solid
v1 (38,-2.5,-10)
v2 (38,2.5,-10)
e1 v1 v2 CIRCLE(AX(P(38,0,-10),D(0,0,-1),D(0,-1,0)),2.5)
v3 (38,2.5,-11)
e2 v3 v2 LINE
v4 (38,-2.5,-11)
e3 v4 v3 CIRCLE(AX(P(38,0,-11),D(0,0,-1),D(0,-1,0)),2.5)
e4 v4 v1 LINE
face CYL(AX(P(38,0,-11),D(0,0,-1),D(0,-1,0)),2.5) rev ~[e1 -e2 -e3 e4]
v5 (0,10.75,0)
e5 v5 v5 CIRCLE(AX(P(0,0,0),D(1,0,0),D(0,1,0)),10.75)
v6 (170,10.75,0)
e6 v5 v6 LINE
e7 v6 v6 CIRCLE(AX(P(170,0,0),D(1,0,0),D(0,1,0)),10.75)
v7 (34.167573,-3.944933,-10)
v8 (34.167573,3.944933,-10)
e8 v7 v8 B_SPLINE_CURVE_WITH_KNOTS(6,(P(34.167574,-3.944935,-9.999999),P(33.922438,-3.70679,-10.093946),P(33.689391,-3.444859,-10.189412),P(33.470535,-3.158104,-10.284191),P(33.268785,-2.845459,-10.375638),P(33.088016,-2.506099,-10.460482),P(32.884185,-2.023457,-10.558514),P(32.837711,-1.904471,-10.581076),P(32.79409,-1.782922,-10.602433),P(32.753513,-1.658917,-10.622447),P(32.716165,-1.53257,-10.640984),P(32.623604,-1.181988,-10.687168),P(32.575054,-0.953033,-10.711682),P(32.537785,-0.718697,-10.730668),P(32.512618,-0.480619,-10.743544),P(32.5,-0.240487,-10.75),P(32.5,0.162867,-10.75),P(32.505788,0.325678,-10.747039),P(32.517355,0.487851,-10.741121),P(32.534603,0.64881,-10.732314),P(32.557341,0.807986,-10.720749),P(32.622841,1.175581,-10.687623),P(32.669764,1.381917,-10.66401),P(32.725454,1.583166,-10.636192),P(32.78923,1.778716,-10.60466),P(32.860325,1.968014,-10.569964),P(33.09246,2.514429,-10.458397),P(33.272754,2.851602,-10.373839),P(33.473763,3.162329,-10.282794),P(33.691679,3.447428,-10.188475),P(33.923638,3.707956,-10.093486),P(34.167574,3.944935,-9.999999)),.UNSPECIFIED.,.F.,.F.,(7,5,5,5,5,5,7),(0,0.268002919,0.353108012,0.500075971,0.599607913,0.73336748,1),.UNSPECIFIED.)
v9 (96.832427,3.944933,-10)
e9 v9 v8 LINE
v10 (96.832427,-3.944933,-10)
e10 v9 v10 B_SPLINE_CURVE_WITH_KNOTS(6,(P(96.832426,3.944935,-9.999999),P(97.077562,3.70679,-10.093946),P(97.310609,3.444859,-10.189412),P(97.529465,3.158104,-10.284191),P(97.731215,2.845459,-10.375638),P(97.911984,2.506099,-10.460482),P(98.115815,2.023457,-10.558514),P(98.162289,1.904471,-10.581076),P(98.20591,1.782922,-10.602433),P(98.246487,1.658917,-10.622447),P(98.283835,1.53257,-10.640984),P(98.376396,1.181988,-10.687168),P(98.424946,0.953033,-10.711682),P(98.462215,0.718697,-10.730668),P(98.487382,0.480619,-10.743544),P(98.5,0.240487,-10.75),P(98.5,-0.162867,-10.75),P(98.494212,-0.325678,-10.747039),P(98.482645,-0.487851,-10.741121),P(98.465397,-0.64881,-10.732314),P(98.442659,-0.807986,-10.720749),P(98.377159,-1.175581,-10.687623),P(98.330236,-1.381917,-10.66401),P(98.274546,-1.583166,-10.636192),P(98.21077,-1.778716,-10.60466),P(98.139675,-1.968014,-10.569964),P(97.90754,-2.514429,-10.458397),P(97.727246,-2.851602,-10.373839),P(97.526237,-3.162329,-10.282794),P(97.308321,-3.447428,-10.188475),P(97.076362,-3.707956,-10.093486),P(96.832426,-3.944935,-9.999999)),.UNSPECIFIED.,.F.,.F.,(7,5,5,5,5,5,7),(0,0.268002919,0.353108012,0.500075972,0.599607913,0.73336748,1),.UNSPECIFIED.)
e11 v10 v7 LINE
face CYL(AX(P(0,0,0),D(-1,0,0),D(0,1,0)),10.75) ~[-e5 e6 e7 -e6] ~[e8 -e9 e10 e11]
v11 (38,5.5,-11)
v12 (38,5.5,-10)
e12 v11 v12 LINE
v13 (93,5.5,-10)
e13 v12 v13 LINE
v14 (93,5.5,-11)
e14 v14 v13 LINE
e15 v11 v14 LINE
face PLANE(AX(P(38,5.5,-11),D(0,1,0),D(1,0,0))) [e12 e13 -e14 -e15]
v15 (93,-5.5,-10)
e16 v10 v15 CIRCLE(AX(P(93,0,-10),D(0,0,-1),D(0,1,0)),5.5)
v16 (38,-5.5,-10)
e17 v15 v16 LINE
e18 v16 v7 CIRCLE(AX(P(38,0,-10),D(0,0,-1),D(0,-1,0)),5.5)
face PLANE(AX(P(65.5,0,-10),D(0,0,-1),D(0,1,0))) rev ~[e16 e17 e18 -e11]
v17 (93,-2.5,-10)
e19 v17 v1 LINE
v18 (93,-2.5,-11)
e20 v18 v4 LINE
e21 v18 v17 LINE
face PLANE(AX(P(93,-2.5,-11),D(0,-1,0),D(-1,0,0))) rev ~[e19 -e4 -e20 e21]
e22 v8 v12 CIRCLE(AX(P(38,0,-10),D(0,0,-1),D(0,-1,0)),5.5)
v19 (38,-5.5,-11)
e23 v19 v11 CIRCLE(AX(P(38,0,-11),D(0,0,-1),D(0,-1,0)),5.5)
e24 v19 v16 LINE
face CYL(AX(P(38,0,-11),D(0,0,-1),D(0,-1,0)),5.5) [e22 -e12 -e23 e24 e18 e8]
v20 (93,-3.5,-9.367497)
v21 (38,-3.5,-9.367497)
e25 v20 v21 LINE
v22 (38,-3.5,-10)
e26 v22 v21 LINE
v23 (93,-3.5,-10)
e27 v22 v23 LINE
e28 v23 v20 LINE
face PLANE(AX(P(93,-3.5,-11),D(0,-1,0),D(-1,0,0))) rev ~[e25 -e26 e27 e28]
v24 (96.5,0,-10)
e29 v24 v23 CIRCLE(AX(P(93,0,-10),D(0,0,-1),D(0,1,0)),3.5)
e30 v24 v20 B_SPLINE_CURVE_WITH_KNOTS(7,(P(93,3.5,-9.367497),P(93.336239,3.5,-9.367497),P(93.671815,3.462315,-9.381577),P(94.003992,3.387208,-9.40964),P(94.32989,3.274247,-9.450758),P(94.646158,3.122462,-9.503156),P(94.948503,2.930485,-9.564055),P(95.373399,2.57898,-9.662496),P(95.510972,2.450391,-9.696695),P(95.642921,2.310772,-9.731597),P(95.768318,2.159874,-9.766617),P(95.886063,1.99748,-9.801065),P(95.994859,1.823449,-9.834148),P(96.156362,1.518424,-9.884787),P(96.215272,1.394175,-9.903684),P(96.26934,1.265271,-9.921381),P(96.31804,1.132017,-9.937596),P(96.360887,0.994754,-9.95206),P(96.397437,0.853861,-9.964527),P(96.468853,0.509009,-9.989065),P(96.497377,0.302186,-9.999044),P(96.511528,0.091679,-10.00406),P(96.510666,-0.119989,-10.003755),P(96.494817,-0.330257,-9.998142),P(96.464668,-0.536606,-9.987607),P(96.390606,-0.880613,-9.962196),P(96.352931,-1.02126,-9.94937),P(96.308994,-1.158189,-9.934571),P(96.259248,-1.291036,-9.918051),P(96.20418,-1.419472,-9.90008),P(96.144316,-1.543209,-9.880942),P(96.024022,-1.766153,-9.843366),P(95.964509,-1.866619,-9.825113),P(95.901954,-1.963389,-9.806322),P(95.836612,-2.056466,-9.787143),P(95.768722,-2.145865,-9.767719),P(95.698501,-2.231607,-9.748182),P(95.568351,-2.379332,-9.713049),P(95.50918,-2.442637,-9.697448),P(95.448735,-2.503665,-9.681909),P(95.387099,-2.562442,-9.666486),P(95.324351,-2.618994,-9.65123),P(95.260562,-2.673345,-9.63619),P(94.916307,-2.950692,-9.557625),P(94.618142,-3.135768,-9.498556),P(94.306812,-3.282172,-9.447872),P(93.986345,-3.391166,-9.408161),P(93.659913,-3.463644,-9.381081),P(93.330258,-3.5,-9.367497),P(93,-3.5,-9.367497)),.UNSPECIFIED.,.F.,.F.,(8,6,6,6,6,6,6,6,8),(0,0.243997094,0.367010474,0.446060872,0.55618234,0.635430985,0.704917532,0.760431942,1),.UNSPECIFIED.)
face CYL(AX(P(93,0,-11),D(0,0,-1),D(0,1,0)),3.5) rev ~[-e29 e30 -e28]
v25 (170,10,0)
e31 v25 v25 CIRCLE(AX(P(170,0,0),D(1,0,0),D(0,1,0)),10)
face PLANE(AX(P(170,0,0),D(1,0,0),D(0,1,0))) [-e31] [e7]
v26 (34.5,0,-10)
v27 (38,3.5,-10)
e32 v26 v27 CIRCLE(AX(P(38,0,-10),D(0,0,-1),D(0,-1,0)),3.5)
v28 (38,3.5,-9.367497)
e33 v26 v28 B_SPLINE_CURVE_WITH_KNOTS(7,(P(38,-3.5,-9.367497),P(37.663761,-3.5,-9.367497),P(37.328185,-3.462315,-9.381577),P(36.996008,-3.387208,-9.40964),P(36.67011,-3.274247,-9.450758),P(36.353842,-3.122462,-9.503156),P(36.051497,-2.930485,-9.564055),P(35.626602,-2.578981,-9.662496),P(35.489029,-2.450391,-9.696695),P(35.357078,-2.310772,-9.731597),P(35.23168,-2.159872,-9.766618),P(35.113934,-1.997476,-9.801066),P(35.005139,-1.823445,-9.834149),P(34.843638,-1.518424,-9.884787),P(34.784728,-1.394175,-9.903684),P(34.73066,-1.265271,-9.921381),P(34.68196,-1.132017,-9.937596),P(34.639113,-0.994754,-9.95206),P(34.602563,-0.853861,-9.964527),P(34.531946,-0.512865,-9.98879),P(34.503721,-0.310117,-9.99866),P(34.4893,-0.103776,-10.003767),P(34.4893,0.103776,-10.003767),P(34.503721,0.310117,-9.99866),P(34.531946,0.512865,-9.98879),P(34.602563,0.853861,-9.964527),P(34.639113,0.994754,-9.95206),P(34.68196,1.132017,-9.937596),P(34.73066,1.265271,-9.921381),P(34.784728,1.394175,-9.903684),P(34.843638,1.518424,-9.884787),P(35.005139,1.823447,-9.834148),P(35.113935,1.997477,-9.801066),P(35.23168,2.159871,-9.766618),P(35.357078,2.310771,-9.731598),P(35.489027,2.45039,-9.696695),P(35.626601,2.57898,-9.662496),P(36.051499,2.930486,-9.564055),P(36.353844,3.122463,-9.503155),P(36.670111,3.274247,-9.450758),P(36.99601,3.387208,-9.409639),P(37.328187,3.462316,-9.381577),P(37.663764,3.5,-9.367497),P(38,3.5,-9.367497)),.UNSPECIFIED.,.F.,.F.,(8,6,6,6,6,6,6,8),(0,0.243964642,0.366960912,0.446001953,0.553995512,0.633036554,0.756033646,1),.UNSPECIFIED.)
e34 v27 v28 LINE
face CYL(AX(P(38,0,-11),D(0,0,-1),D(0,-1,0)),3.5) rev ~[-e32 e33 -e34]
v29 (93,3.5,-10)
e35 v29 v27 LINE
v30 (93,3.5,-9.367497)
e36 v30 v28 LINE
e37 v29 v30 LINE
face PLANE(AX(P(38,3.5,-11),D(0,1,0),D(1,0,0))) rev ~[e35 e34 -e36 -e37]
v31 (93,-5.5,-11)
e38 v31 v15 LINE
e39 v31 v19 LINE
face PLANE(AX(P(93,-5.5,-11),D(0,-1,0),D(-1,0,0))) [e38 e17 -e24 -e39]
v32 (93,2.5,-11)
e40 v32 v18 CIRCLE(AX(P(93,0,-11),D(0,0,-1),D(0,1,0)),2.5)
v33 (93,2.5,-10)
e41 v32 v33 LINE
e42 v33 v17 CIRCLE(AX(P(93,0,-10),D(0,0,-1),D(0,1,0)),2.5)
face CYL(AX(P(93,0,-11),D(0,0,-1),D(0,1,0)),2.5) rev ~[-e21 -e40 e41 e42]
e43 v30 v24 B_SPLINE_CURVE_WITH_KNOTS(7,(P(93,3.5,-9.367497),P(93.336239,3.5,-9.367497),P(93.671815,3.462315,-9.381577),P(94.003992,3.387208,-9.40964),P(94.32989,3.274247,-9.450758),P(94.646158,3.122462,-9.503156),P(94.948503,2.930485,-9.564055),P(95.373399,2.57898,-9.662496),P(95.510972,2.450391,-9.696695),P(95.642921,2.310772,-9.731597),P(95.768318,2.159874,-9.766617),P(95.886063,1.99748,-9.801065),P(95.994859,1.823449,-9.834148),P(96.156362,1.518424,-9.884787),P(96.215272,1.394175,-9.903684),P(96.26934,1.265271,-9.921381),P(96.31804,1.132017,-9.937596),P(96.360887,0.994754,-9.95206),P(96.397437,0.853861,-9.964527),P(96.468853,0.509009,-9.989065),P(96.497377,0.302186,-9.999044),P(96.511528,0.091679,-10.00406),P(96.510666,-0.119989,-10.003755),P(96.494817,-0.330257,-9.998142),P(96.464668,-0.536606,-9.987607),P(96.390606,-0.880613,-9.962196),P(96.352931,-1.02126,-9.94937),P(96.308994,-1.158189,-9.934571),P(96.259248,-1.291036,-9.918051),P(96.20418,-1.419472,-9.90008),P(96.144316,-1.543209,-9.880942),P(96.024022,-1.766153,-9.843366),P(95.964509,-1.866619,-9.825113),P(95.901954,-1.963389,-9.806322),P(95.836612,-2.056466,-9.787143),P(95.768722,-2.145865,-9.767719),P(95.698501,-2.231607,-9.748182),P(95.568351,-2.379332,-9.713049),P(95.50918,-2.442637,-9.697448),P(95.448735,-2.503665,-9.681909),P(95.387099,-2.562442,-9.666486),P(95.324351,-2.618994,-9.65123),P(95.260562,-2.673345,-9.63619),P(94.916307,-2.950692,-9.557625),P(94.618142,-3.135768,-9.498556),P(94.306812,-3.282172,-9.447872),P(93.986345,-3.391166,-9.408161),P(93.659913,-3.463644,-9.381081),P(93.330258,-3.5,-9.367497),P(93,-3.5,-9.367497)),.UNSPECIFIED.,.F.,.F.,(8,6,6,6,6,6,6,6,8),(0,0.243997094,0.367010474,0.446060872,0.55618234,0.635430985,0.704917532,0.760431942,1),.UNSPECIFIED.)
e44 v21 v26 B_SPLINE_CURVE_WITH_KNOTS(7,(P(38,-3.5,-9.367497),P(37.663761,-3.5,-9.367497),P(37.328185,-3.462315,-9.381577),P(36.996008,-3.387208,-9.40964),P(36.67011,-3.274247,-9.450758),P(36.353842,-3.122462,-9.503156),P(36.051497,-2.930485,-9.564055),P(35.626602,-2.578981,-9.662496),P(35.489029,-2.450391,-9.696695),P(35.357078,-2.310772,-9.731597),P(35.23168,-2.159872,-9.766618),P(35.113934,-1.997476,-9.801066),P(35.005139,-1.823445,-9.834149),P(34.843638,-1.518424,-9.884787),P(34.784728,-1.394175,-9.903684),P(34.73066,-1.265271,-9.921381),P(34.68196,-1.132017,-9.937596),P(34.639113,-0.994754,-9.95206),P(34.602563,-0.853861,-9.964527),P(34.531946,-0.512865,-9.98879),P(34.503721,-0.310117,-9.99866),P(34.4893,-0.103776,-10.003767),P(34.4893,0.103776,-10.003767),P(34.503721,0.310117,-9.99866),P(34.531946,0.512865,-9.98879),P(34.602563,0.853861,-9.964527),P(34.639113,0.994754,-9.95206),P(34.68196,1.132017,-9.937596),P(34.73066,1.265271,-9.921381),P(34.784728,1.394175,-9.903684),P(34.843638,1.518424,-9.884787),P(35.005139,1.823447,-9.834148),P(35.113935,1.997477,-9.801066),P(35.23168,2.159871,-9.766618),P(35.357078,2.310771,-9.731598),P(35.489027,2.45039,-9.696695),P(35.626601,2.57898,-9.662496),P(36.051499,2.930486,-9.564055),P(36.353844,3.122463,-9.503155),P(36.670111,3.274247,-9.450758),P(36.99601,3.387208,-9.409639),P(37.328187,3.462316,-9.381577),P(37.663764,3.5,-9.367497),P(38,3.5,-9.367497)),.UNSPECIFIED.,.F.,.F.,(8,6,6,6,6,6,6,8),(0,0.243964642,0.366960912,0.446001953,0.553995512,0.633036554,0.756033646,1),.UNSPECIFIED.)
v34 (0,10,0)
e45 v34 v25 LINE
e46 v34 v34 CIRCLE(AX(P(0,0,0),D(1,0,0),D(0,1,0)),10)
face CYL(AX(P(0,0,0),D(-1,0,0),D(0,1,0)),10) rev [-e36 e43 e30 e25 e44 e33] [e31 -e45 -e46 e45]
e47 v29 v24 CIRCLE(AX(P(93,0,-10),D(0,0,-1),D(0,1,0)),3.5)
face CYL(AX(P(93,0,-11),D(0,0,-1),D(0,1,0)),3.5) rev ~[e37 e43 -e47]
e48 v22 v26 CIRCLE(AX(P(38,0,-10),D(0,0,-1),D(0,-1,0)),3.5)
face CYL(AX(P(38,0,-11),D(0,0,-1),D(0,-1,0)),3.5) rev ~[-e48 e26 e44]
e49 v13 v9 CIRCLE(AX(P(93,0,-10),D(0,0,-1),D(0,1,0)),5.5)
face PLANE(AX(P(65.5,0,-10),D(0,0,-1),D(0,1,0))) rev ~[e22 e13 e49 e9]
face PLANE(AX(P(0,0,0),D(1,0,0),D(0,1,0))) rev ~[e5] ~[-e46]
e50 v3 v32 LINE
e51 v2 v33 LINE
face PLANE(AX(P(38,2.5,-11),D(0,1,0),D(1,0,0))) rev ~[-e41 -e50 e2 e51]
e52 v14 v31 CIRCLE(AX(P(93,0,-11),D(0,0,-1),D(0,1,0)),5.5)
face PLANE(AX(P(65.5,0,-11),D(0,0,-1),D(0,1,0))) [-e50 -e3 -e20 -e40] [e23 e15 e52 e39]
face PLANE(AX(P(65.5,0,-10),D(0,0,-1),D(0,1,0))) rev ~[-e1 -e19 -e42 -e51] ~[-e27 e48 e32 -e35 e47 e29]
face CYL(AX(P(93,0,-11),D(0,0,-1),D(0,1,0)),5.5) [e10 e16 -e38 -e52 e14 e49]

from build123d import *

# Parameters (mm, degrees)
SKETCH005_R     = 10.75
SKETCH005_R_2   = 10
PAD001_DEPTH    = 170
POCKET013_DEPTH = 5
PAD009_DEPTH    = 1


with BuildPart() as part:
    # Sketch005 → Pad001 (new body)
    with BuildSketch(Plane.YZ):
        Circle(SKETCH005_R)
        Circle(SKETCH005_R_2, mode=Mode.SUBTRACT)
    extrude(amount=PAD001_DEPTH)

    # Sketch021 (on DatumPlane) → Pocket013 (cut)
    with BuildSketch(Plane.YX.offset(11)):
        with BuildLine():
            ThreePointArc((3.5, 93), (0, 96.5), (-3.5, 93))
            Line((-3.5, 93), (-3.5, 38))
            ThreePointArc((-3.5, 38), (0, 34.5), (3.5, 38))
            Line((3.5, 38), (3.5, 93))
        make_face()
    extrude(amount=-POCKET013_DEPTH, mode=Mode.SUBTRACT)

    # Sketch026 (on DatumPlane) → Pad009 (join)
    with BuildSketch(Plane.YX.offset(11)):
        with BuildLine():
            ThreePointArc((5.5, 93), (0, 98.5), (-5.5, 93))
            Line((-5.5, 93), (-5.5, 38))
            ThreePointArc((-5.5, 38), (0, 32.5), (5.5, 38))
            Line((5.5, 38), (5.5, 93))
        make_face()
        with BuildLine():
            ThreePointArc((-2.5, 38), (0, 35.5), (2.5, 38))
            Line((2.5, 38), (2.5, 93))
            ThreePointArc((2.5, 93), (0, 95.5), (-2.5, 93))
            Line((-2.5, 93), (-2.5, 38))
        make_face(mode=Mode.SUBTRACT)
    extrude(amount=-PAD009_DEPTH)


solid = part.part
